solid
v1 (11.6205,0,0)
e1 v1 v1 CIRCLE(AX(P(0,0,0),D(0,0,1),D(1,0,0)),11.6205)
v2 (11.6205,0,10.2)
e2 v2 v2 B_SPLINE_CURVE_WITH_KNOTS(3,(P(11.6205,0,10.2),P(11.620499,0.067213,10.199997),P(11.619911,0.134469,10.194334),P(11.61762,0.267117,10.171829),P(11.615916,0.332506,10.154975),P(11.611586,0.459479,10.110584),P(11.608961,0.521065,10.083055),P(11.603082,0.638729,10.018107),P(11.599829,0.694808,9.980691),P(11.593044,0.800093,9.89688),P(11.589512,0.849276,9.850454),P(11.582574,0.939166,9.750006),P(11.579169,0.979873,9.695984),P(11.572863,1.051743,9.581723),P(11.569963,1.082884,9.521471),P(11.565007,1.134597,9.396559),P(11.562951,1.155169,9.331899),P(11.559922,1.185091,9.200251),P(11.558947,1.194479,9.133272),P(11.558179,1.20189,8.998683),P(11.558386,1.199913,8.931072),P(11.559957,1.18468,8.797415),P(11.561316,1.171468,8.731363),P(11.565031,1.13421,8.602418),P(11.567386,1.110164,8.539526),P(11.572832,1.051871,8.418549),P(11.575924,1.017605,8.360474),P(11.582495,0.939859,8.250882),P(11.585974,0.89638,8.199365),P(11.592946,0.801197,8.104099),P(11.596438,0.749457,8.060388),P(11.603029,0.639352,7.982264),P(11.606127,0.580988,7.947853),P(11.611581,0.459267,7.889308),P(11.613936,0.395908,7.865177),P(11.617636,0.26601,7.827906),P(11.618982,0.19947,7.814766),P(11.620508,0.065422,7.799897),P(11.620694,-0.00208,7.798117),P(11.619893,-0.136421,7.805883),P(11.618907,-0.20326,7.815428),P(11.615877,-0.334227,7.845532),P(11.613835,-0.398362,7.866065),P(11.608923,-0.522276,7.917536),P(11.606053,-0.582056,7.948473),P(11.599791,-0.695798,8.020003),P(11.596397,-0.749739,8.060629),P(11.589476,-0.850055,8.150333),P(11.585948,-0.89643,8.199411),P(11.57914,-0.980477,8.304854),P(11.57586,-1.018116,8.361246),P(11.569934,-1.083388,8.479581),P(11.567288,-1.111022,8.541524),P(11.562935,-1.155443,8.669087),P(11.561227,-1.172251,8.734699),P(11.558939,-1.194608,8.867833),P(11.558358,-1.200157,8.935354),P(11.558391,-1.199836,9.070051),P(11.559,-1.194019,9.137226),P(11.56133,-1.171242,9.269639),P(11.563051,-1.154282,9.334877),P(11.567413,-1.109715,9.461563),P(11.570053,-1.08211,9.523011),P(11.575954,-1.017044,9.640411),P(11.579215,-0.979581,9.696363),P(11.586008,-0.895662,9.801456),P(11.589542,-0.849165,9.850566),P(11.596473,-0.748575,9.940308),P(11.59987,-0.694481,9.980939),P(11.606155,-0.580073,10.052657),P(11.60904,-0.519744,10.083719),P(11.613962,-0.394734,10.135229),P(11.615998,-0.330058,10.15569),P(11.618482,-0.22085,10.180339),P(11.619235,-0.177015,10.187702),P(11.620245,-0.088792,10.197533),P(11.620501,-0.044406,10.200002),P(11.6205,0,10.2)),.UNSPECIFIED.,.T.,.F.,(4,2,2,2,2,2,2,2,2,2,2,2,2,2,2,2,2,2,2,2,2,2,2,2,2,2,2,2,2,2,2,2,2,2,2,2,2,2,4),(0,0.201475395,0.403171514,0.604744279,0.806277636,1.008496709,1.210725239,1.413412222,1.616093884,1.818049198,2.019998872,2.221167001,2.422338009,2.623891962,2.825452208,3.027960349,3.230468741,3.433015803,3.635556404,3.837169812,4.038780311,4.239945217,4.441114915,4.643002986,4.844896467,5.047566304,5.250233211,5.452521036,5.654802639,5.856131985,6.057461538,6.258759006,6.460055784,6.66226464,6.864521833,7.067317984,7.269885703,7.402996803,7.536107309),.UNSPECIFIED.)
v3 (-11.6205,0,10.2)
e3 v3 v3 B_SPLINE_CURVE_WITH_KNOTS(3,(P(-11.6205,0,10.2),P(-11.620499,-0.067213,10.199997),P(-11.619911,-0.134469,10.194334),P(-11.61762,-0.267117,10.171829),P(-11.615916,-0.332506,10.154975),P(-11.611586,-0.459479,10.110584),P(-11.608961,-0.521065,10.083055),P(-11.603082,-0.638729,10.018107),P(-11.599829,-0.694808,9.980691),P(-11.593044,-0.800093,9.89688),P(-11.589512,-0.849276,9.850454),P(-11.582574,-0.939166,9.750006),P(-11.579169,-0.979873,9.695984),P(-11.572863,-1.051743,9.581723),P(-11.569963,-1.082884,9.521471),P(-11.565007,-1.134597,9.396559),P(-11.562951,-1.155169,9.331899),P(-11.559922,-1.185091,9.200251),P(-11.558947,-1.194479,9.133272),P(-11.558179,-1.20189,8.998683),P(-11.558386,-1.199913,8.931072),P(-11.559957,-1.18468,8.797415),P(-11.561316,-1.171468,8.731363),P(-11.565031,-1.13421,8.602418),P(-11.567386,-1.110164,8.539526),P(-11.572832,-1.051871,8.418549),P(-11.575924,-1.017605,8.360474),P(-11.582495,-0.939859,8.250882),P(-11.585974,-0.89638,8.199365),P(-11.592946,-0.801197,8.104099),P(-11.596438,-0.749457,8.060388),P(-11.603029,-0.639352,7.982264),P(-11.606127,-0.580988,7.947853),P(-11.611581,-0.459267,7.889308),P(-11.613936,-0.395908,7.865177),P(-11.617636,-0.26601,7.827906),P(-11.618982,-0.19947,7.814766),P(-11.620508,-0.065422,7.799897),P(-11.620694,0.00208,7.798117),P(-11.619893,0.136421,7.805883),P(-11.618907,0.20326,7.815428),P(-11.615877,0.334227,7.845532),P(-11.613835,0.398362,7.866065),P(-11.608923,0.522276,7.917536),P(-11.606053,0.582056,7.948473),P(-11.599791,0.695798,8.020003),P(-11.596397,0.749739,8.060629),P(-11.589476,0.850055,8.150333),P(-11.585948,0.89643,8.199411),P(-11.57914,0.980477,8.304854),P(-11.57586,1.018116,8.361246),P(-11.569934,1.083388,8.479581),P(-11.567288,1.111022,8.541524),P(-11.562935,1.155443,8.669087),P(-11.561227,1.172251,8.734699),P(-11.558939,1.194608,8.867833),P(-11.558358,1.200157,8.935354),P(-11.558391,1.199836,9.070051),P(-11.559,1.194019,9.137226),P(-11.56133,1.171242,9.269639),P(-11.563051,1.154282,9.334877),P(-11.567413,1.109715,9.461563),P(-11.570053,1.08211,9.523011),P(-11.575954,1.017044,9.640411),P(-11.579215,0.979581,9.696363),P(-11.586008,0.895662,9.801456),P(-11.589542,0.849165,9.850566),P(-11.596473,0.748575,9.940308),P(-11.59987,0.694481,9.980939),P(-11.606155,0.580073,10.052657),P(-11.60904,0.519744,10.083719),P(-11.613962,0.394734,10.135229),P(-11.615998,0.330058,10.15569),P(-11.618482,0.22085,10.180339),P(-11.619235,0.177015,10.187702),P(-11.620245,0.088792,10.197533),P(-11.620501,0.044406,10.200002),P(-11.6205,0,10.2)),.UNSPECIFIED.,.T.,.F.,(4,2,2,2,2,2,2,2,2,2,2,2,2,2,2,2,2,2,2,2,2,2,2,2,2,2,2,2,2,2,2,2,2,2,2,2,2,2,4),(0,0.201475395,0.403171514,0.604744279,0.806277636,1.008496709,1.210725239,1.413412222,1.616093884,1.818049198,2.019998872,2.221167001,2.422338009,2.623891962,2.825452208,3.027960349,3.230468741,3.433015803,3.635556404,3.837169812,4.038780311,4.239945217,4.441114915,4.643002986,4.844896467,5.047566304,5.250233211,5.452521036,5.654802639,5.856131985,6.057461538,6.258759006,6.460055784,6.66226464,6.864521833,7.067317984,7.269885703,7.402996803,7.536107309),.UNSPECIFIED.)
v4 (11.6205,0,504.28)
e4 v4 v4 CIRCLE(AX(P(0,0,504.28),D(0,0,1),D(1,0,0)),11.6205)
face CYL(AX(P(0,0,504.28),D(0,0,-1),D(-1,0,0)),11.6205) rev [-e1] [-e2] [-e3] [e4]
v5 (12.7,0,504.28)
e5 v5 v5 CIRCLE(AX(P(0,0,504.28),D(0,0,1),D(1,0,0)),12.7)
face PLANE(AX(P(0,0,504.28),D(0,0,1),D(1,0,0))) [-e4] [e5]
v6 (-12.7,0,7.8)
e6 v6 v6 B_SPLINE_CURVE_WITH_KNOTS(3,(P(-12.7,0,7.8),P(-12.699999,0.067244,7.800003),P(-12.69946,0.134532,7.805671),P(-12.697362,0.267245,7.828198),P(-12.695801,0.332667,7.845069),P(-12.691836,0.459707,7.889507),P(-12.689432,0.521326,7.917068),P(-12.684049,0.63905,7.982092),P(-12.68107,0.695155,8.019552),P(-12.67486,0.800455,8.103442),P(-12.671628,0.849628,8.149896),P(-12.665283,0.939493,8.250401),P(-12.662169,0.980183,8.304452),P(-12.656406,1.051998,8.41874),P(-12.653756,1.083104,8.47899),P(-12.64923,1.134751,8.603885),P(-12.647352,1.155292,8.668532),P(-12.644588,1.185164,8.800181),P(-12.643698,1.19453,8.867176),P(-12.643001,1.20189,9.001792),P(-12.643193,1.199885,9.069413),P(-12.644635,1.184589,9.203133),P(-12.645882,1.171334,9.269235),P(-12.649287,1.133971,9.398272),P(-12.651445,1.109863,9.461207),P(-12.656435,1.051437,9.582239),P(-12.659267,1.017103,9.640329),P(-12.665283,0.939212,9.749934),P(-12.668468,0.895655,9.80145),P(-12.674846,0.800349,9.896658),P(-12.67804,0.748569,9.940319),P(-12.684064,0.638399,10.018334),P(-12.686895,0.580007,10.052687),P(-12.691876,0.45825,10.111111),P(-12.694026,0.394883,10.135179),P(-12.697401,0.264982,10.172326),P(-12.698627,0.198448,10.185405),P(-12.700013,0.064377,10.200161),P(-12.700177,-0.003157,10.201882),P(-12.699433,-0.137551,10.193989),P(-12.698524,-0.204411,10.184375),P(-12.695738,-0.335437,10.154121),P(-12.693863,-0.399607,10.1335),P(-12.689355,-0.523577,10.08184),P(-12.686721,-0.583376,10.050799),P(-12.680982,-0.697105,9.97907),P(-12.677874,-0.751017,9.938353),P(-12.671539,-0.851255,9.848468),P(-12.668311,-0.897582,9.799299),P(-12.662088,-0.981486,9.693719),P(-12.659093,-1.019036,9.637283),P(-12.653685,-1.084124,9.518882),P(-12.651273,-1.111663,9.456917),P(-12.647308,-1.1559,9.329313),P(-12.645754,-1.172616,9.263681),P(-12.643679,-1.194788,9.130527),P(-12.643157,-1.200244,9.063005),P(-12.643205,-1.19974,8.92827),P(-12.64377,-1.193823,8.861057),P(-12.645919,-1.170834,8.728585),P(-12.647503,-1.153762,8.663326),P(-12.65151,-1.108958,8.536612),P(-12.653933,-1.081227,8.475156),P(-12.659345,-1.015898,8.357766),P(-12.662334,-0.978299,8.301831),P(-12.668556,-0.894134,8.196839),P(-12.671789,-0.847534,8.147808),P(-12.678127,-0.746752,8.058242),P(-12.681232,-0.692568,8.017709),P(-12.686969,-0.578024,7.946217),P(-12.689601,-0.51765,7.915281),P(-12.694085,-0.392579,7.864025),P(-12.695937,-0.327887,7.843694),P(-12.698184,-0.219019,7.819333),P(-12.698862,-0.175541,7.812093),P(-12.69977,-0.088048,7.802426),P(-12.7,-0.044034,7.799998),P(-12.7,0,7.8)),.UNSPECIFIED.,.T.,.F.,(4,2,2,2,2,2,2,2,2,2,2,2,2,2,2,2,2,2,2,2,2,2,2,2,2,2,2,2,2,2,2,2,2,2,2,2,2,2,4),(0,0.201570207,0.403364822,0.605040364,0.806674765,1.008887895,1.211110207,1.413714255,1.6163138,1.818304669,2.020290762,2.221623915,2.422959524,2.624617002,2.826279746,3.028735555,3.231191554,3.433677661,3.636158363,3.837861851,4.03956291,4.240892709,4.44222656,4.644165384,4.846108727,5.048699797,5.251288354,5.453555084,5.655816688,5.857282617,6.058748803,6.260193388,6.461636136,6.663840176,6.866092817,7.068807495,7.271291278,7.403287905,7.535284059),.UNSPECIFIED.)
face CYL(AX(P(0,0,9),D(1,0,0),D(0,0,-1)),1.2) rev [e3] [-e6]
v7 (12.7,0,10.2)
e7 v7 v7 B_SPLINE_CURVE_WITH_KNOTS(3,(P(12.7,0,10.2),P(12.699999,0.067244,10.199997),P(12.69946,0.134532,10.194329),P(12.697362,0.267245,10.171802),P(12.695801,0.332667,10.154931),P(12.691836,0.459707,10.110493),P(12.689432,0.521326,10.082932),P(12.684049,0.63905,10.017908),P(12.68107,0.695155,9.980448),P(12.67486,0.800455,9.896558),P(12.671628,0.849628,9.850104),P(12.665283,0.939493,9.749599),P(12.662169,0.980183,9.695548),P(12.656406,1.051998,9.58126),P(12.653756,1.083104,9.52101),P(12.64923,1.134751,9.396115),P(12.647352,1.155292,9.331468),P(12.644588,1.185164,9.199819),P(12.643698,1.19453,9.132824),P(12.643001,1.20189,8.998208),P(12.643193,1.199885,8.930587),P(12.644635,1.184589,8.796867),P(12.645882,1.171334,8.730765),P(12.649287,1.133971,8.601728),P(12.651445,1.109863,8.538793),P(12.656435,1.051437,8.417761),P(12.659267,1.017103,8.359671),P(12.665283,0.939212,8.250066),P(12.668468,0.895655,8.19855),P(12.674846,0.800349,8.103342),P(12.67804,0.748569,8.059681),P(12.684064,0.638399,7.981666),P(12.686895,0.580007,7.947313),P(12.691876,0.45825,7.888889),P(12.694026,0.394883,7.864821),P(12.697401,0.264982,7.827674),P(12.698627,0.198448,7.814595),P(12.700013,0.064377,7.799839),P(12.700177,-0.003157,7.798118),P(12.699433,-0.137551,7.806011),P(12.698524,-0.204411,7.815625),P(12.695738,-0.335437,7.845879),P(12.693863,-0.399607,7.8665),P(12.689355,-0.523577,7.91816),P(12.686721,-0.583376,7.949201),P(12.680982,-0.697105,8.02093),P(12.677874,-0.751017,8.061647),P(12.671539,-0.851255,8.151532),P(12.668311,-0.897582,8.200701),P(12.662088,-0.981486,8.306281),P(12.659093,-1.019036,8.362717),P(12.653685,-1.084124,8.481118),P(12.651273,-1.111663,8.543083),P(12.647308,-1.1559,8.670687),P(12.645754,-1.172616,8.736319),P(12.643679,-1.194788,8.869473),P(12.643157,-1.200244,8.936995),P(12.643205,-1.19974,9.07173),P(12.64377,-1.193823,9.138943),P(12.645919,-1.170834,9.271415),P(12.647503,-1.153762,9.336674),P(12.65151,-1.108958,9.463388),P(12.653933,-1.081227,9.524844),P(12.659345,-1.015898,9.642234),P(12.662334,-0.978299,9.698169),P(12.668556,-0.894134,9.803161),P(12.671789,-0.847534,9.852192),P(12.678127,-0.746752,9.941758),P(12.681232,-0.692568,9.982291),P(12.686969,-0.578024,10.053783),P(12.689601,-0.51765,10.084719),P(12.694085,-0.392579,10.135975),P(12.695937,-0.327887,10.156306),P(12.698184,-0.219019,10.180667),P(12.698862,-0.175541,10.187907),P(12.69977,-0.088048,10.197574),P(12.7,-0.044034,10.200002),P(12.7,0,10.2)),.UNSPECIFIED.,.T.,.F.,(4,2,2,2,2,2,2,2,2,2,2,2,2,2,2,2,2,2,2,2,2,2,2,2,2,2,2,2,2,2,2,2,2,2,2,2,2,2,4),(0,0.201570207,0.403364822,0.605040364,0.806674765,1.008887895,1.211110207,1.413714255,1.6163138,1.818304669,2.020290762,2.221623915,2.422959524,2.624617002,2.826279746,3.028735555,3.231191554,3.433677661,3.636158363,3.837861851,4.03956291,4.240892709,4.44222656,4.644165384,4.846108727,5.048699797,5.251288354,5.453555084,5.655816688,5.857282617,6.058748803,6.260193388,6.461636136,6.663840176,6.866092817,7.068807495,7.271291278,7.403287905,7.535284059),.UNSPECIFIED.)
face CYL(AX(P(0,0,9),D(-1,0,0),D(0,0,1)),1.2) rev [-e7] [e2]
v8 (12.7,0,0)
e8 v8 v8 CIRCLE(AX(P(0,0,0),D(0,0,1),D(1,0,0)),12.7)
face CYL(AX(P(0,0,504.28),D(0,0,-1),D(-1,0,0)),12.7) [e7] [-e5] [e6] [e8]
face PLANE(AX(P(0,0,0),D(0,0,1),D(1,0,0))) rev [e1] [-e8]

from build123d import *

# Parameters (mm, degrees)
SKETCH1_R           = 12.7
SKETCH1_R_2         = 11.6205
BOSS_EXTRUDE1_DEPTH = 504.28
SKETCH3_W           = 1.2
SKETCH3_H           = 12.7


with BuildPart() as part:
    # Sketch1 → Boss-Extrude1 (new body)
    with BuildSketch(Plane.XY):
        Circle(SKETCH1_R)
        Circle(SKETCH1_R_2, mode=Mode.SUBTRACT)
    extrude(amount=BOSS_EXTRUDE1_DEPTH)

    # Sketch3 → M2 Clearance Hole1 (revolve, cut)
    with BuildSketch(Plane(origin=(0, 0, 9), x_dir=(0, 0, 1), z_dir=(0, 1, 0))):
        with Locations((0.6, 6.35)):
            Rectangle(SKETCH3_W, SKETCH3_H)
    m2_clearance_hole1 = revolve(axis=Axis((-6.35, 0, 9), (1, 0, 0)), mode=Mode.SUBTRACT)

    # Mirror1: M2 Clearance Hole1 across plane
    add(m2_clearance_hole1.mirror(Plane(origin=(0, 0, 0), x_dir=(0, 0, 1), z_dir=(1, 0, 0))), mode=Mode.SUBTRACT)


solid = part.part
